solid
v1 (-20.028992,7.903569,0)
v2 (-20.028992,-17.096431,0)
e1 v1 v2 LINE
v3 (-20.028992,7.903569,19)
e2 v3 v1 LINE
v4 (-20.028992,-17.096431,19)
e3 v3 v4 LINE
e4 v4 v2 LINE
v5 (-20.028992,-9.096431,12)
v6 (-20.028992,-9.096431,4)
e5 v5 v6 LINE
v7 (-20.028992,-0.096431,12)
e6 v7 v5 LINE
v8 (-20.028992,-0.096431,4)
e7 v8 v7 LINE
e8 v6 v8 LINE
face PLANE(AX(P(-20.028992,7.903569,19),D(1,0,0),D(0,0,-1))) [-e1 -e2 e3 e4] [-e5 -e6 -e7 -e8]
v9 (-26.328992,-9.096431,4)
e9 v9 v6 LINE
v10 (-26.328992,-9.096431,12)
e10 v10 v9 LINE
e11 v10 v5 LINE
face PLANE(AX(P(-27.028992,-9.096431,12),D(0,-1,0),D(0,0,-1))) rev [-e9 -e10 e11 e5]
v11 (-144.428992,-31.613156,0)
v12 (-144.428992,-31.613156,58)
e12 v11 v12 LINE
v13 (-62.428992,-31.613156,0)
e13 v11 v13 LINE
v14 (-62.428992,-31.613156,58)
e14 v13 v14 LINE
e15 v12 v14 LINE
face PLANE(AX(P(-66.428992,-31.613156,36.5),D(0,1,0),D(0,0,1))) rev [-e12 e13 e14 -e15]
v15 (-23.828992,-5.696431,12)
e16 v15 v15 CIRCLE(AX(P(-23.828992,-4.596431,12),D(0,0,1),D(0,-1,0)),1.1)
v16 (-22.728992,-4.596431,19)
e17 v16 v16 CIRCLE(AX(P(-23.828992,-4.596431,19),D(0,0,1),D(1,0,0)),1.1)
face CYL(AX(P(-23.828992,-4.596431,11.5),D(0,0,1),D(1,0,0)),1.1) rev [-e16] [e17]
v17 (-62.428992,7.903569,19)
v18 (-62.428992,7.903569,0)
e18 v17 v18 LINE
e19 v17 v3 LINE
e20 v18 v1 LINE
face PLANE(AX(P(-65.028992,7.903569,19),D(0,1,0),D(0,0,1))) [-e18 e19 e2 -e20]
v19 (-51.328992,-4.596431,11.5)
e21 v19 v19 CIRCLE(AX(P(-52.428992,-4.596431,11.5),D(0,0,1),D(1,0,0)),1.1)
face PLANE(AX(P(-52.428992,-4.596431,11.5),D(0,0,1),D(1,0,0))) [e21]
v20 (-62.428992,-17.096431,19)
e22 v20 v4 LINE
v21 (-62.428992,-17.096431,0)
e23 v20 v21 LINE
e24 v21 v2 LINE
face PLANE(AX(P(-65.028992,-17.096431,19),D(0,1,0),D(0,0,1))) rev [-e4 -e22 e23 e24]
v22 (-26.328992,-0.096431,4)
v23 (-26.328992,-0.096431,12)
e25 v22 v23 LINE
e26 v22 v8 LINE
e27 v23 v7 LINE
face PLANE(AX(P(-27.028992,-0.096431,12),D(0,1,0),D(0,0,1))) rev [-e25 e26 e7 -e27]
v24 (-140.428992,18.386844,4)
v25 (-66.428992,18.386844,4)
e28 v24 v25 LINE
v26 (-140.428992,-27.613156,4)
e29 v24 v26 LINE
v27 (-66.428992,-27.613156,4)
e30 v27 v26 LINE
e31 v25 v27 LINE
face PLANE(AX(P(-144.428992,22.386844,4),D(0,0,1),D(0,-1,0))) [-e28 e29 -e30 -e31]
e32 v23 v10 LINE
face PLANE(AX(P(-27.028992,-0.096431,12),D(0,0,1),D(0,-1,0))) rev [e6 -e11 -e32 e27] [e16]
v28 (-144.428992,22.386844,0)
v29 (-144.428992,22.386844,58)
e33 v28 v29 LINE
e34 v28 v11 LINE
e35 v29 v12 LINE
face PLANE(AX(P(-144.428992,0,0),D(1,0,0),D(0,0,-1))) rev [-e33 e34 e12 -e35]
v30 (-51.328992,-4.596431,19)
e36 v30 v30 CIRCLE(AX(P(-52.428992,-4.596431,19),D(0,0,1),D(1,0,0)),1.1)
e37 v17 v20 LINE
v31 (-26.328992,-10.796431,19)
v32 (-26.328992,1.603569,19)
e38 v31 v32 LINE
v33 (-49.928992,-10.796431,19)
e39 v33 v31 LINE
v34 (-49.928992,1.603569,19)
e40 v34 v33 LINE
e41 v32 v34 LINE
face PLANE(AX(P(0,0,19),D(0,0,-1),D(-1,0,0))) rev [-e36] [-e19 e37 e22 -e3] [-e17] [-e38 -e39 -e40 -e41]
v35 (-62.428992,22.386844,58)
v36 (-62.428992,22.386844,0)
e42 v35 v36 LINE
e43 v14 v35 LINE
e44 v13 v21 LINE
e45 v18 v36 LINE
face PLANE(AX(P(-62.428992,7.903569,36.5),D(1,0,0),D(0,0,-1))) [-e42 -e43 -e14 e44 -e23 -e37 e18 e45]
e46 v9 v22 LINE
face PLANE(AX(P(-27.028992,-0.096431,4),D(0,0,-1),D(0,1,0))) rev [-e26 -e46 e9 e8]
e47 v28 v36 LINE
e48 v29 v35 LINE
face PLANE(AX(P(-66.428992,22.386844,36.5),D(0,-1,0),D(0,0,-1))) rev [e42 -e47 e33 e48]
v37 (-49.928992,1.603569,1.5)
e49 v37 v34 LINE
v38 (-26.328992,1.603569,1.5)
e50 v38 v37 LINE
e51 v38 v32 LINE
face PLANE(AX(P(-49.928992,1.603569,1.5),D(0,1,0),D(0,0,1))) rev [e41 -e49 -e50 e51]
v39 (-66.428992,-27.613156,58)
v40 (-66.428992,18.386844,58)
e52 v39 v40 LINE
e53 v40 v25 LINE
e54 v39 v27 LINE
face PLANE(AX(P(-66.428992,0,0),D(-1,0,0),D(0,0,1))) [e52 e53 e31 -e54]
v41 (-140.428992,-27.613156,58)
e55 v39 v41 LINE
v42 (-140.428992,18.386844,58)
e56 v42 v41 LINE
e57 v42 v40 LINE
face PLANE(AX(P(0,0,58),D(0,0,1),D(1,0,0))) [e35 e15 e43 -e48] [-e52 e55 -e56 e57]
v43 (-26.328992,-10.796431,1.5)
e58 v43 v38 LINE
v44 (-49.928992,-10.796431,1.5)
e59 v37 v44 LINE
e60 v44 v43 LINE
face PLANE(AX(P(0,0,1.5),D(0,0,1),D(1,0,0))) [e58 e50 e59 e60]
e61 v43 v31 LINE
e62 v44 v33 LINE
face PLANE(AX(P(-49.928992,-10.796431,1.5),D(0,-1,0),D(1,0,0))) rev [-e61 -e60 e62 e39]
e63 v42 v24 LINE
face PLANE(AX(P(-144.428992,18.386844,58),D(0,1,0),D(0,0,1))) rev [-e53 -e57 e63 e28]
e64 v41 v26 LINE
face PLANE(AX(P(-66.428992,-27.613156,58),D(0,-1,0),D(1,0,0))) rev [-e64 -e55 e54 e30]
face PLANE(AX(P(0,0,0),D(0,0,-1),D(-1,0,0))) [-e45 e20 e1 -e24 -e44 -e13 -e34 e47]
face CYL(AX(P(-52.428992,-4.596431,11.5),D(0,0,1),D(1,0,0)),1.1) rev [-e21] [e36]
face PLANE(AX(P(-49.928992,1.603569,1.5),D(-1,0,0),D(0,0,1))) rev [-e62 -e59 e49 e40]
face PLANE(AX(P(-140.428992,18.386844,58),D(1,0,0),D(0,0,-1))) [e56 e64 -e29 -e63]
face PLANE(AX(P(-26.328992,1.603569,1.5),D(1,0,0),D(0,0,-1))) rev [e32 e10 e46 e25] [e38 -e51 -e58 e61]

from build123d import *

# Parameters (mm, degrees)
SKETCH_1_W           = 45
SKETCH_1_H           = 25
EXTRUDE_2_DEPTH      = 19
SKETCH_4_W           = 23.6
SKETCH_4_H           = 12.4
CUT_EXTRUDE_2_DEPTH  = 17.5
SKETCH_5_W           = 8
SKETCH_5_H           = 9
CUT_EXTRUDE_4_DEPTH  = 7
SKETCH_6_R           = 1.1
CUT_EXTRUDE_6_DEPTH  = 7.5
SKETCH_8_W           = 2.6
SKETCH_8_H           = 25
EXTRUDE_3_DEPTH      = 17.5
SKETCH_10_W          = 36.5
SKETCH_10_H          = 60
EXTRUDE_5_DEPTH      = 2.6
SKETCH_13_W          = 36.5
SKETCH_13_H          = 60
EXTRUDE_6_DEPTH      = 1.4
SKETCH_14_W          = 36.5
SKETCH_14_H          = 3
CUT_EXTRUDE_9_DEPTH  = 4
SKETCH_15_W          = 36.5
SKETCH_15_H          = 3
CUT_EXTRUDE_10_DEPTH = 4
SKETCH_16_W          = 4
SKETCH_16_H          = 54
EXTRUDE_7_DEPTH      = 21.5
SKETCH_17_W          = 4
SKETCH_17_H          = 54
EXTRUDE_8_DEPTH      = 78
SKETCH_18_W          = 78
SKETCH_18_H          = 4
EXTRUDE_9_DEPTH      = 54
SKETCH_19_W          = 78
SKETCH_19_H          = 4
EXTRUDE_10_DEPTH     = 54
SKETCH_20_W          = 4
SKETCH_20_H          = 46
EXTRUDE_11_DEPTH     = 54


with BuildPart() as part:
    # 草圖1 → 填料-伸長2 (new body)
    with BuildSketch(Plane.XY):
        with Locations((-42.528991691, -4.596431101)):
            Rectangle(SKETCH_1_W, SKETCH_1_H)
    extrude(amount=EXTRUDE_2_DEPTH)

    # 草圖4 → 除料-伸長2 (cut)
    with BuildSketch(Plane.XY.offset(19)):
        with Locations((-38.128991691, -4.596431101)):
            Rectangle(SKETCH_4_W, SKETCH_4_H)
    extrude(amount=-CUT_EXTRUDE_2_DEPTH, mode=Mode.SUBTRACT)

    # 草圖5 → 除料-伸長4 (cut)
    with BuildSketch(Plane(origin=(-20.028991691, 0, 0), x_dir=(0, 0, -1), z_dir=(1, 0, 0))):
        with Locations((-8, -4.596431101)):
            Rectangle(SKETCH_5_W, SKETCH_5_H)
    extrude(amount=-CUT_EXTRUDE_4_DEPTH, mode=Mode.SUBTRACT)

    # 草圖6 → 除料-伸長6 (cut)
    with BuildSketch(Plane.XY.offset(19)):
        with Locations((-23.828991691, -4.596431101)):
            Circle(SKETCH_6_R)
        with Locations((-52.428991691, -4.596431101)):
            Circle(SKETCH_6_R)
    extrude(amount=-CUT_EXTRUDE_6_DEPTH, mode=Mode.SUBTRACT)

    # 草圖8 → 填料-伸長3 (add)
    with BuildSketch(Plane.XY.offset(19)):
        with Locations((-63.728991691, -4.596431101)):
            Rectangle(SKETCH_8_W, SKETCH_8_H)
    extrude(amount=EXTRUDE_3_DEPTH)

    # 草圖10 → 填料-伸長5 (add)
    with BuildSketch(Plane(origin=(-62.428991691, 0, 0), x_dir=(0, 0, -1), z_dir=(1, 0, 0))):
        with Locations((-18.25, -4.613155897)):
            Rectangle(SKETCH_10_W, SKETCH_10_H)
    extrude(amount=-EXTRUDE_5_DEPTH)

    # 草圖13 → 填料-伸長6 (add)
    with BuildSketch(Plane.ZY.offset(65.028991691)):
        with Locations((18.25, -4.613155897)):
            Rectangle(SKETCH_13_W, SKETCH_13_H)
    extrude(amount=EXTRUDE_6_DEPTH)

    # 草圖14 → 除料-伸長9 (cut)
    with BuildSketch(Plane(origin=(-62.428991691, 0, 0), x_dir=(0, 0, -1), z_dir=(1, 0, 0))):
        with Locations((-18.25, -33.113155897)):
            Rectangle(SKETCH_14_W, SKETCH_14_H)
    extrude(amount=-CUT_EXTRUDE_9_DEPTH, mode=Mode.SUBTRACT)

    # 草圖15 → 除料-伸長10 (cut)
    with BuildSketch(Plane(origin=(-62.428991691, 0, 0), x_dir=(0, 0, -1), z_dir=(1, 0, 0))):
        with Locations((-18.25, 23.886844103)):
            Rectangle(SKETCH_15_W, SKETCH_15_H)
    extrude(amount=-CUT_EXTRUDE_10_DEPTH, mode=Mode.SUBTRACT)

    # 草圖16 → 填料-伸長7 (add)
    with BuildSketch(Plane.XY.offset(36.5)):
        with Locations((-64.428991691, -4.613155897)):
            Rectangle(SKETCH_16_W, SKETCH_16_H)
    extrude(amount=EXTRUDE_7_DEPTH)

    # 草圖17 → 填料-伸長8 (add)
    with BuildSketch(Plane.ZY.offset(66.428991691)):
        with Locations((2, -4.613155897)):
            Rectangle(SKETCH_17_W, SKETCH_17_H)
    extrude(amount=EXTRUDE_8_DEPTH)

    # 草圖18 → 填料-伸長9 (add)
    with BuildSketch(Plane.XY.offset(4)):
        with Locations((-105.428991691, 20.386844103)):
            Rectangle(SKETCH_18_W, SKETCH_18_H)
    extrude(amount=EXTRUDE_9_DEPTH)

    # 草圖19 → 填料-伸長10 (add)
    with BuildSketch(Plane.XY.offset(4)):
        with Locations((-105.428991691, -29.613155897)):
            Rectangle(SKETCH_19_W, SKETCH_19_H)
    extrude(amount=EXTRUDE_10_DEPTH)

    # 草圖20 → 填料-伸長11 (add)
    with BuildSketch(Plane.XY.offset(4)):
        with Locations((-142.428991691, -4.613155897)):
            Rectangle(SKETCH_20_W, SKETCH_20_H)
    extrude(amount=EXTRUDE_11_DEPTH)


solid = part.part
